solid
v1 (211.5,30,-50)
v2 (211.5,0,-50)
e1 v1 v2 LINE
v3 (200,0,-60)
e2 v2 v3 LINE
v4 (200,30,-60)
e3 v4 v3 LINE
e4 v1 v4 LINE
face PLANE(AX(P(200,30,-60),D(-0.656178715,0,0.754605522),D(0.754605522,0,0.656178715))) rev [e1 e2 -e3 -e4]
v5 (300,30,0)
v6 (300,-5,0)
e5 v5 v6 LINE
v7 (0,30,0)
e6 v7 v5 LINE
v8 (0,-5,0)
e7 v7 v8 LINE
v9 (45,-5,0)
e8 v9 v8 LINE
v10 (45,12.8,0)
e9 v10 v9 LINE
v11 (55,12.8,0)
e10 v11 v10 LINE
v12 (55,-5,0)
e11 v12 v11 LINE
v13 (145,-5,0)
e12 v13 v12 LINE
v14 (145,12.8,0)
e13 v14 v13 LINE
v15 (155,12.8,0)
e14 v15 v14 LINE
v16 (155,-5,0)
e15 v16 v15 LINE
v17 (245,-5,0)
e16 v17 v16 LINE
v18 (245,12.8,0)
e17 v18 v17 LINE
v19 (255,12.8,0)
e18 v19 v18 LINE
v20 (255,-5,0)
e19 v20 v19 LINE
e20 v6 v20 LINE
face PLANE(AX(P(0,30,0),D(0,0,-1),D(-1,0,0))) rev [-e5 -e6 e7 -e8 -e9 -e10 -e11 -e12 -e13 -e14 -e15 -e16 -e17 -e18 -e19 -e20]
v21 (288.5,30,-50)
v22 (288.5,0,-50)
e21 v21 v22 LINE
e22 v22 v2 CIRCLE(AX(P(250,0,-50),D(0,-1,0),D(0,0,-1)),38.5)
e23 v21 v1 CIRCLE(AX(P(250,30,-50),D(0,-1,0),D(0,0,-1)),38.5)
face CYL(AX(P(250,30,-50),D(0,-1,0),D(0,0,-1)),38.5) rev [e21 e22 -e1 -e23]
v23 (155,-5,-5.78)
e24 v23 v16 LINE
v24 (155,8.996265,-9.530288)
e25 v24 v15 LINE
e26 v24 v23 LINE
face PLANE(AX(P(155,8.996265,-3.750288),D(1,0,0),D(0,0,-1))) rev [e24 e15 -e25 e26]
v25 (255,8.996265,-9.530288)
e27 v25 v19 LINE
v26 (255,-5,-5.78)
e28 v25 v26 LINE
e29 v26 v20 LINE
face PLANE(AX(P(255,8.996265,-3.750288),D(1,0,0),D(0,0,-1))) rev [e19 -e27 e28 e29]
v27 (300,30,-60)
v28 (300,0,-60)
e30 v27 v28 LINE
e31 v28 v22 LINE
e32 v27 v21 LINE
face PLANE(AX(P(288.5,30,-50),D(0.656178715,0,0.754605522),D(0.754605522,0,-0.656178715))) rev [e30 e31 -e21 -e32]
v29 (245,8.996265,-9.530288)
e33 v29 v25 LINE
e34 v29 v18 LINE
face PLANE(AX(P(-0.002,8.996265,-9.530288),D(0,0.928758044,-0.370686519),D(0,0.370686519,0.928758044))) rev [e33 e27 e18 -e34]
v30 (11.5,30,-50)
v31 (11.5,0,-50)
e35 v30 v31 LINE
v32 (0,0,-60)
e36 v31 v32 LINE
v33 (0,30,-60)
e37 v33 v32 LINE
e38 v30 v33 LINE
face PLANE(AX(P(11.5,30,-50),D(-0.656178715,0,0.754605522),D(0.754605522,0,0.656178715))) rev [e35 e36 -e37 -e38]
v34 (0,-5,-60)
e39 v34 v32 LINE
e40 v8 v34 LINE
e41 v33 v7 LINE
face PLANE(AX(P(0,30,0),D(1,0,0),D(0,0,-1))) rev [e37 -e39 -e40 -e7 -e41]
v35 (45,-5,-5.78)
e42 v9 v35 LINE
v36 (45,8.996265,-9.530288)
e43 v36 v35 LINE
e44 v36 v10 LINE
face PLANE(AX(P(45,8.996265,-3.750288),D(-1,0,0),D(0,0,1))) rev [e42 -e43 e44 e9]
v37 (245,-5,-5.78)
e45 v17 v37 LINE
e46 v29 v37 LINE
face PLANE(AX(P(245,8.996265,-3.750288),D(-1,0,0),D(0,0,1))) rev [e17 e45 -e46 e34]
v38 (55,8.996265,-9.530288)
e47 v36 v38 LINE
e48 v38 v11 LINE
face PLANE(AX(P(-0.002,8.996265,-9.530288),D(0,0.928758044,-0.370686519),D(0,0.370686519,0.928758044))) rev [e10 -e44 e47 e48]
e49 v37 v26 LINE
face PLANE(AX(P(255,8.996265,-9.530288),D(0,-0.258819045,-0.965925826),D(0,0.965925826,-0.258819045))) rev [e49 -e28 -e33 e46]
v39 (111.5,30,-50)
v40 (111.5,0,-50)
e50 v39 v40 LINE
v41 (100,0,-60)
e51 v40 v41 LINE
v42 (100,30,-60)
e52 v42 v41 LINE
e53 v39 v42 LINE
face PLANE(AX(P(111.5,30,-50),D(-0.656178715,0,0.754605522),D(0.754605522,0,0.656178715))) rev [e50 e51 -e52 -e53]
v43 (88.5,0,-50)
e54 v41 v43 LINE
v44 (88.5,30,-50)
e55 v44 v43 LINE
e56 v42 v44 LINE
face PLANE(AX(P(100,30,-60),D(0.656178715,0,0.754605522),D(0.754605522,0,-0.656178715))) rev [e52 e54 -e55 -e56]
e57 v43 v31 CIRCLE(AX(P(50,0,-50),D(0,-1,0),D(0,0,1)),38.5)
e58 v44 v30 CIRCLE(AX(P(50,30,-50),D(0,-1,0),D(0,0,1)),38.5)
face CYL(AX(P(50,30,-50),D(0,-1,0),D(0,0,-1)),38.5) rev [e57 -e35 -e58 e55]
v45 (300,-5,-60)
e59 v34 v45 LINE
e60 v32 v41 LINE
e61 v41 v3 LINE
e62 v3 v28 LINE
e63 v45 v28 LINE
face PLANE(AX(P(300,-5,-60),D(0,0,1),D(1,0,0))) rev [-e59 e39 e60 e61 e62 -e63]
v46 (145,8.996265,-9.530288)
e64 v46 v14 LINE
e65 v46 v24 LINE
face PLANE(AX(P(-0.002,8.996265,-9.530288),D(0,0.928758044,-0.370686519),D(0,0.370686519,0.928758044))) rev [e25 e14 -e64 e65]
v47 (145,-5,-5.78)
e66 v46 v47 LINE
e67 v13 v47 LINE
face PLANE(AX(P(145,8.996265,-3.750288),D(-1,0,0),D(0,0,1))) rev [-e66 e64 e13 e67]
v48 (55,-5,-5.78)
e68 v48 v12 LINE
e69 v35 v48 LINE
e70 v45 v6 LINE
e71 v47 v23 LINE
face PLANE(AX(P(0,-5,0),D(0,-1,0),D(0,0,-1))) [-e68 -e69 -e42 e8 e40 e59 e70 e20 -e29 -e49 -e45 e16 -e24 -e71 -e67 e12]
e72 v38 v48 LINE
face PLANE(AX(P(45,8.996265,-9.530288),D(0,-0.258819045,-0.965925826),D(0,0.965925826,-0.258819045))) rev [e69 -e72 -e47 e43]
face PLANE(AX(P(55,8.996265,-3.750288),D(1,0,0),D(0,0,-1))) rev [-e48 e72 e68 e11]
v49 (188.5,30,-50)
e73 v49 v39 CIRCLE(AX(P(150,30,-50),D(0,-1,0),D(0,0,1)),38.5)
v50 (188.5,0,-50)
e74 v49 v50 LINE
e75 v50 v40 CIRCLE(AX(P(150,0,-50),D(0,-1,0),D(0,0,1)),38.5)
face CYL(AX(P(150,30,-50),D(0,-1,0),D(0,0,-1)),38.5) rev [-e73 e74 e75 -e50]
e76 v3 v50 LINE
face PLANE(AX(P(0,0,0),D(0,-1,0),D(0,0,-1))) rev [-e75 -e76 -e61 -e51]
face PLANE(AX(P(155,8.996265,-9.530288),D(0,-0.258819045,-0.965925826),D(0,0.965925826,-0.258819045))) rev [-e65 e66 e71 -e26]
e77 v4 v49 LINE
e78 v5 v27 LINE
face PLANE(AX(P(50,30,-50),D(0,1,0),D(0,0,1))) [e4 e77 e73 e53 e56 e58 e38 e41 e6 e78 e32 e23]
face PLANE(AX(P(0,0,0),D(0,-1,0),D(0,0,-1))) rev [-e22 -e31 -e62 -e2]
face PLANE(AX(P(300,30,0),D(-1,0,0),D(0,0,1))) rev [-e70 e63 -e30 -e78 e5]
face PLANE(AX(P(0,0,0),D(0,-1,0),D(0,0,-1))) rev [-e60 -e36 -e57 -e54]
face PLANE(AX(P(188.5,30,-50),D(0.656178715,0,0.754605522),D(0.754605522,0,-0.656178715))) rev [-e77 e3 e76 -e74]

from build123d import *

# Parameters (mm, degrees)
BOSS_EXTRU_1_DEPTH         = 30
ESQUISSE2_W                = 300
ESQUISSE2_H                = 60
BOSS_EXTRU_2_DEPTH         = 5
ESQUISSE3_W                = 10
ESQUISSE3_H                = 5.78
ENL_V_MAT_EXTRU_3_DEPTH    = 14.49
ESQUISSE5_W                = 10
ESQUISSE5_H                = 17.8
ENL_V_MAT_EXTRU_5_DEPTH    = 5
BOSS_EXTRU_4_REACH         = 256.018
ENL_V_MAT_EXTRU_6_DEPTH    = 10
R_P_TITION_LIN_AIRE1_COUNT = 3
R_P_TITION_LIN_AIRE1_PITCH = 100


with BuildPart() as part:
    # Esquisse1 → Boss.-Extru.1 (new body)
    with BuildSketch(Plane(origin=(0, 0, 0), x_dir=(1, 0, 0), z_dir=(0, 1, 0))):
        with BuildLine():
            Line((0, 0), (300, 0))
            Line((300, 0), (300, 60))
            Line((300, 60), (288.5, 50))
            ThreePointArc((288.5, 50), (250, 11.5), (211.5, 50))
            Line((211.5, 50), (200, 60))
            Line((200, 60), (188.5, 50))
            ThreePointArc((188.5, 50), (150, 11.5), (111.5, 50))
            Line((111.5, 50), (100, 60))
            Line((100, 60), (88.5, 50))
            ThreePointArc((88.5, 50), (50, 11.5), (11.5, 50))
            Line((11.5, 50), (0, 60))
            Line((0, 60), (0, 0))
        make_face()
    extrude(amount=BOSS_EXTRU_1_DEPTH)

    # Esquisse2 → Boss.-Extru.2 (add)
    with BuildSketch(Plane.XZ):
        with Locations((150, -30)):
            Rectangle(ESQUISSE2_W, ESQUISSE2_H)
    extrude(amount=BOSS_EXTRU_2_DEPTH)

    # Esquisse3 → Enlèv. mat.-Extru.3 (cut, along a direction that is not the sketch's normal)
    with BuildSketch(Plane.XZ.offset(5)):
        with Locations((50, -2.89)):
            Rectangle(ESQUISSE3_W, ESQUISSE3_H)
        with Locations((250, -2.89)):
            Rectangle(ESQUISSE3_W, ESQUISSE3_H)
        with Locations((150, -2.89)):
            Rectangle(ESQUISSE3_W, ESQUISSE3_H)
    extrude(amount=-ENL_V_MAT_EXTRU_3_DEPTH, dir=(0, -0.96592582628907, 0.2588190451025146), mode=Mode.SUBTRACT)

    # Esquisse5 → Enlèv. mat.-Extru.5 (cut)
    with BuildSketch(Plane.XY):
        with Locations((250, 3.9)):
            Rectangle(ESQUISSE5_W, ESQUISSE5_H)
        with Locations((150, 3.9)):
            Rectangle(ESQUISSE5_W, ESQUISSE5_H)
        with Locations((50, 3.9)):
            Rectangle(ESQUISSE5_W, ESQUISSE5_H)
    extrude(amount=-ENL_V_MAT_EXTRU_5_DEPTH, mode=Mode.SUBTRACT)

    # Esquisse7 → Boss.-Extru.4 (add, up to next)
    with BuildSketch(Plane.ZY.offset(-55), mode=Mode.PRIVATE) as boss_extru_4_sk1:
        Polygon((-9.530287964, 8.996265223), (0, 12.8), (-9.530287964, 12.8), align=None)
    boss_extru_4_tool1 = extrude(boss_extru_4_sk1.sketch, amount=BOSS_EXTRU_4_REACH, mode=Mode.PRIVATE) - part.part
    boss_extru_4 = boss_extru_4_tool1.solids().sort_by_distance((55, 11.532088, -6.353525))[0]
    add(boss_extru_4)

    # Esquisse8 → Enlèv. mat.-Extru.6 (cut)
    with BuildSketch(Plane.ZY.offset(-55)):
        Polygon((-9.530287964, 8.996265223), (0, 12.8), (0, -5), (-5.78, -5), align=None)
    enl_v_mat_extru_6 = extrude(amount=ENL_V_MAT_EXTRU_6_DEPTH, mode=Mode.SUBTRACT)

    # Répétition linéaire1: Boss.-Extru.4, Enlèv. mat.-Extru.6 ×3
    with Locations(*[(i * R_P_TITION_LIN_AIRE1_PITCH, 0, 0) for i in range(1, R_P_TITION_LIN_AIRE1_COUNT)]):
        add(boss_extru_4)
        add(enl_v_mat_extru_6, mode=Mode.SUBTRACT)


solid = part.part
